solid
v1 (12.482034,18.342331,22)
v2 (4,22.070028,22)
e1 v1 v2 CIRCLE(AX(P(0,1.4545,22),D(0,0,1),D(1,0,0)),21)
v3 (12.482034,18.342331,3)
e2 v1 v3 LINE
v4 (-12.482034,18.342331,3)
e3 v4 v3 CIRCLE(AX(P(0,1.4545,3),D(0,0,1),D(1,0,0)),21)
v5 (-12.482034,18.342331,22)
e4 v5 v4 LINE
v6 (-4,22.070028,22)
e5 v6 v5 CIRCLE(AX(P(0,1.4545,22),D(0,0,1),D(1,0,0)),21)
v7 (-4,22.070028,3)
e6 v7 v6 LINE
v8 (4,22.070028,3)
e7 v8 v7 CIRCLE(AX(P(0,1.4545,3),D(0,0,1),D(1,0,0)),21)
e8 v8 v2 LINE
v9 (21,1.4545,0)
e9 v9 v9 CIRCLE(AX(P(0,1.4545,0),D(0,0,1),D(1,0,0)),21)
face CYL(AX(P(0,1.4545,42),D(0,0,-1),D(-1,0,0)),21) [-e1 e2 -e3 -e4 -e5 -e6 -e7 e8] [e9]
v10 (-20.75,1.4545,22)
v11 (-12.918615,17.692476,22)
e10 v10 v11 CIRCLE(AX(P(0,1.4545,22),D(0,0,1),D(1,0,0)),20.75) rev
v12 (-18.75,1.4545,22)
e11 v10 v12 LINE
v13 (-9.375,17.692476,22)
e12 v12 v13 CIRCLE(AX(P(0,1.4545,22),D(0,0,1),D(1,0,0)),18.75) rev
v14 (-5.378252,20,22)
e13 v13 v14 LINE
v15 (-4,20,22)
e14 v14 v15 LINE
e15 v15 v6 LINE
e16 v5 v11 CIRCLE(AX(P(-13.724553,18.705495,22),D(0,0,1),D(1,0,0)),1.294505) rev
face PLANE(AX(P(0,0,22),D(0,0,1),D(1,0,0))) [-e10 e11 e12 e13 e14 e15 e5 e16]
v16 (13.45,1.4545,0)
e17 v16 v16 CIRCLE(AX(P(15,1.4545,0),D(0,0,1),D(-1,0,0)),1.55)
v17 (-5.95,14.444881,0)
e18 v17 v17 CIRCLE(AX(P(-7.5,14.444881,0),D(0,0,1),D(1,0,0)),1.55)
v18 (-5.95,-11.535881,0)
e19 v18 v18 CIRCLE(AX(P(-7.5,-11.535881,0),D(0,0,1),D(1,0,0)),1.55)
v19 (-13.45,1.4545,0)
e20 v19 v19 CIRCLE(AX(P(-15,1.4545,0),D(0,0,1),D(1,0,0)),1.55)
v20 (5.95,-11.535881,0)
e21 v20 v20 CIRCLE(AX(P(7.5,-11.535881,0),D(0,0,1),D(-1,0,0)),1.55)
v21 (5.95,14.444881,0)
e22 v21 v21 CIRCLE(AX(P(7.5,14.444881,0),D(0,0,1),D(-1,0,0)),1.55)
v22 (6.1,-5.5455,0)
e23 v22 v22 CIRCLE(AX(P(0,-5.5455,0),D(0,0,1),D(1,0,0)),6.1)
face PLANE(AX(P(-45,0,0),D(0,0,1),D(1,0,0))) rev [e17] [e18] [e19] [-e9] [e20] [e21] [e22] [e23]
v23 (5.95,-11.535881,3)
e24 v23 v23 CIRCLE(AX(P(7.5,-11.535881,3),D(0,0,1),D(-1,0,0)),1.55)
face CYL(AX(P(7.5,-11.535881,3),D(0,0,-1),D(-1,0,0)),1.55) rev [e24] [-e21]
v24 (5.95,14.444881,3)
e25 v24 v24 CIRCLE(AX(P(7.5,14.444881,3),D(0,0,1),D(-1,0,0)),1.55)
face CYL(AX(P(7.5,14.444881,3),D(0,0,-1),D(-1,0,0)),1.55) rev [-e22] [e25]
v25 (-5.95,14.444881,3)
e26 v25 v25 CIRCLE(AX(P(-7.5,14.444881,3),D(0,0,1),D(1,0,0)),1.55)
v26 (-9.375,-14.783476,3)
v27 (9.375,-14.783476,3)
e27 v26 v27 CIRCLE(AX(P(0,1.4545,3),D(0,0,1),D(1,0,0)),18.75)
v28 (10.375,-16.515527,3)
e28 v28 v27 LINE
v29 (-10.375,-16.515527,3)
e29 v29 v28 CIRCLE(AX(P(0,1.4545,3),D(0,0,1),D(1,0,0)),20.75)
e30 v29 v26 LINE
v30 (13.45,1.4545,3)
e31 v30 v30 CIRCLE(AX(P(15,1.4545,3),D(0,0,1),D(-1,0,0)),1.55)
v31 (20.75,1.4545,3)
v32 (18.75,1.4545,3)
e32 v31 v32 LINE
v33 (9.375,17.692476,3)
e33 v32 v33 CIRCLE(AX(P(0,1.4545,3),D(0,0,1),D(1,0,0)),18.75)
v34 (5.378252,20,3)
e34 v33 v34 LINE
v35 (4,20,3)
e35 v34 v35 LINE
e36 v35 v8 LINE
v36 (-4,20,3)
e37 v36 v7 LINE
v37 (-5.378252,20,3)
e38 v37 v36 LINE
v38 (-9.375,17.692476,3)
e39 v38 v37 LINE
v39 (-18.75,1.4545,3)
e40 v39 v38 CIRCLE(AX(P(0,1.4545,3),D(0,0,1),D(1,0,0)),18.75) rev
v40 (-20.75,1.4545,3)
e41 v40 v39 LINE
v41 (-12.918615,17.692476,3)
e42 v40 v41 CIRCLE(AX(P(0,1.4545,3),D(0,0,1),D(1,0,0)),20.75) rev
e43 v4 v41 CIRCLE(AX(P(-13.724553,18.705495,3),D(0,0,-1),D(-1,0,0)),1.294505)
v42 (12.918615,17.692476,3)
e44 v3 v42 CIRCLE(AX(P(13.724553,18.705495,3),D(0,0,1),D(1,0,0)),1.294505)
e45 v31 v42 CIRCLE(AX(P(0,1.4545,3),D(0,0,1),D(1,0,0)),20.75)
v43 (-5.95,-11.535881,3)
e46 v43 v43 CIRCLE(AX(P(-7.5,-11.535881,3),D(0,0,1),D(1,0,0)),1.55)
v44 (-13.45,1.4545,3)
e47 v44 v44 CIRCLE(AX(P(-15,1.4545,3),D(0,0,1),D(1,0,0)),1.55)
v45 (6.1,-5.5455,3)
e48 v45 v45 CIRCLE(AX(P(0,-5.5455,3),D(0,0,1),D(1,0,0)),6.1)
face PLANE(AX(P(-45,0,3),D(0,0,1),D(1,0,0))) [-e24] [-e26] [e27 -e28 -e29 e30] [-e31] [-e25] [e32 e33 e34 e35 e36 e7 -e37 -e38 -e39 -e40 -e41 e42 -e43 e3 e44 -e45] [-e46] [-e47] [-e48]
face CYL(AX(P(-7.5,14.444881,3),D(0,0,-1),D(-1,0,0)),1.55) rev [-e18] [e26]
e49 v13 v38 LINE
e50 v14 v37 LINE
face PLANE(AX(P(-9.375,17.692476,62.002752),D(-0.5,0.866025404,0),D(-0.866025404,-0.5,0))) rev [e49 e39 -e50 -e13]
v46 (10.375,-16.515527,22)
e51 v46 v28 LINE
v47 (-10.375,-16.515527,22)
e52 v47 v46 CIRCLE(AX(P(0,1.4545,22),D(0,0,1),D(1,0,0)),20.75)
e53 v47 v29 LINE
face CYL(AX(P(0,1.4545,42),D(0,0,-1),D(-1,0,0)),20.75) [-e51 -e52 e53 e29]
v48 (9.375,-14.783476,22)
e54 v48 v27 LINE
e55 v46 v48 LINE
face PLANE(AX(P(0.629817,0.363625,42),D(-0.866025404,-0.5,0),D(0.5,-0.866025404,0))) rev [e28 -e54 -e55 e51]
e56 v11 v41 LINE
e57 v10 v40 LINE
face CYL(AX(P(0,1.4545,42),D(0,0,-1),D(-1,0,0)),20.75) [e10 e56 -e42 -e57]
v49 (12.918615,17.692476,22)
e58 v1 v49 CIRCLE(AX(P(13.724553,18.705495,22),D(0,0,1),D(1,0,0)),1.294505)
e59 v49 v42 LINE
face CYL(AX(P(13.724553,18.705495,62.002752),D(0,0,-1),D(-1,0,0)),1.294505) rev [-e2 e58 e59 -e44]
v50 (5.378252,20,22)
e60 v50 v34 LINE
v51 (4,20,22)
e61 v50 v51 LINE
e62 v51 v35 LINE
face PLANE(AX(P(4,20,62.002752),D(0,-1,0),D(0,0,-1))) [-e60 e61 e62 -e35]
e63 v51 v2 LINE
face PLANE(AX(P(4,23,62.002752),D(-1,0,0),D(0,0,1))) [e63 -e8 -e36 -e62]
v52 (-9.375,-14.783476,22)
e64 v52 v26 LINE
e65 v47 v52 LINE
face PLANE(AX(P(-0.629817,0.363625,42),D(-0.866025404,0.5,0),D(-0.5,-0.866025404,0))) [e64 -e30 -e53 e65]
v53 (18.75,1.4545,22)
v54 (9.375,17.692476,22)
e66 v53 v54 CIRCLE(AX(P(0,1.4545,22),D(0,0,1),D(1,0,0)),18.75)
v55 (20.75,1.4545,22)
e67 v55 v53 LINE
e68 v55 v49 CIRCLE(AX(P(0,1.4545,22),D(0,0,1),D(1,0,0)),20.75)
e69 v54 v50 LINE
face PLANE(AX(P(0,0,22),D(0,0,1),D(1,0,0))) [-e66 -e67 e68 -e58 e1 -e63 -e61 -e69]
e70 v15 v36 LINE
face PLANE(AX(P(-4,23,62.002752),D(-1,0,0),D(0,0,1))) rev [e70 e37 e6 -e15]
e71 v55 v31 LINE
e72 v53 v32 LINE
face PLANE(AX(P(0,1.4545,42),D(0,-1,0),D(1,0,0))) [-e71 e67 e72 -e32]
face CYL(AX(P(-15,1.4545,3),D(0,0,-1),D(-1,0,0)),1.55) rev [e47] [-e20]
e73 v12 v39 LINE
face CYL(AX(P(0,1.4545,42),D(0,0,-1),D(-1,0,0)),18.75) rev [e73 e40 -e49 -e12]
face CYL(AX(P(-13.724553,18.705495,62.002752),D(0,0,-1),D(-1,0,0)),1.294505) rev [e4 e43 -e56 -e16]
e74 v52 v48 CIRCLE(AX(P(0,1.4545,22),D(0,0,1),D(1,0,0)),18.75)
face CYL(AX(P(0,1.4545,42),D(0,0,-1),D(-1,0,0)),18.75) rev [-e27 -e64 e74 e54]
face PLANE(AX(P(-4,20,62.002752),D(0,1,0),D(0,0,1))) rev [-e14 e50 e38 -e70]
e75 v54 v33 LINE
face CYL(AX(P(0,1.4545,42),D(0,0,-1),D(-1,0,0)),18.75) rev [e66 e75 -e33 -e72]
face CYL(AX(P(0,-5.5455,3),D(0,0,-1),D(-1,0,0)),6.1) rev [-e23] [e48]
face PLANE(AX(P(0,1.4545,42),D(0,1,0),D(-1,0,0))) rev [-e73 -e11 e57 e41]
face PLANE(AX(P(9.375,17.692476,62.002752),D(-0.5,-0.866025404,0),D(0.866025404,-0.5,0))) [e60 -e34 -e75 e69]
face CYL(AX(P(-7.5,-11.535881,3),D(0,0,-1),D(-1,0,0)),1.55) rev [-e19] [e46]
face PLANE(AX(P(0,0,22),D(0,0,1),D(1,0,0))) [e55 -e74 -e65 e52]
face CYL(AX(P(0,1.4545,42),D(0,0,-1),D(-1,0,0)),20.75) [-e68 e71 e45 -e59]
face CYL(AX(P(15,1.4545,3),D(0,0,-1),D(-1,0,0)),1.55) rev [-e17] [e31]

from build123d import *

# Parameters (mm, degrees)
SKETCH1_R           = 2.5
SKETCH1_R_2         = 6.1
SKETCH1_R_3         = 1.55
BOSS_EXTRUDE1_DEPTH = 3
BOSS_EXTRUDE2_DEPTH = 39
BOSS_EXTRUDE3_DEPTH = 39
CUT_EXTRUDE1_DEPTH  = 3
BOSS_EXTRUDE4_DEPTH = 34
BOSS_EXTRUDE5_DEPTH = 3
CUT_EXTRUDE3_DEPTH  = 77.336426429
CUT_EXTRUDE4_START  = -10
SKETCH9_W           = 115.741675956
SKETCH9_H           = 76.731693644
SKETCH9_R           = 21
CUT_EXTRUDE4_DEPTH  = 10
SKETCH10_W          = 52.464416267
SKETCH10_H          = 51.664843315
CUT_EXTRUDE5_DEPTH  = 20


with BuildPart() as part:
    # Sketch1 → Boss-Extrude1 (new body)
    with BuildSketch(Plane.XY):
        with BuildLine():
            Line((-48.416861363, 3.650350453), (-11.959014769, 37.776226585))
            ThreePointArc((-11.959014769, 37.776226585), (0, 42.5), (11.959014769, 37.776226585))
            Line((11.959014769, 37.776226585), (48.416861363, 3.650350453))
            ThreePointArc((48.416861363, 3.650350453), (49.946989961, -0.726147591), (47.22369092, -4.478303104))
            Line((47.22369092, -4.478303104), (17.66776819, -19.154227328))
            ThreePointArc((17.66776819, -19.154227328), (16.856525691, -19.446371641), (16, -19.5455))
            Line((16, -19.5455), (-16, -19.5455))
            ThreePointArc((-16, -19.5455), (-16.856525691, -19.446371641), (-17.66776819, -19.154227328))
            Line((-17.66776819, -19.154227328), (-47.22369092, -4.478303104))
            ThreePointArc((-47.22369092, -4.478303104), (-49.946989961, -0.726147591), (-48.416861363, 3.650350453))
        make_face()
        with Locations((-25, 0)):
            Circle(SKETCH1_R, mode=Mode.SUBTRACT)
        with Locations((0, -5.5455)):
            Circle(SKETCH1_R_2, mode=Mode.SUBTRACT)
        with Locations((-7.5, 14.444881057)):
            Circle(SKETCH1_R_3, mode=Mode.SUBTRACT)
        with Locations((-15, 1.4545)):
            Circle(SKETCH1_R_3, mode=Mode.SUBTRACT)
        with Locations((-7.5, -11.535881057)):
            Circle(SKETCH1_R_3, mode=Mode.SUBTRACT)
        with Locations(Location((7.5, -11.535881057, 0), (0, 0, 180))):
            Circle(SKETCH1_R_3, mode=Mode.SUBTRACT)
        with Locations(Location((7.5, 14.444881057, 0), (0, 0, 180))):
            Circle(SKETCH1_R_3, mode=Mode.SUBTRACT)
        with Locations(Location((15, 1.4545, 0), (0, 0, 180))):
            Circle(SKETCH1_R_3, mode=Mode.SUBTRACT)
        with Locations(Location((25, 0, 0), (0, 0, 180))):
            Circle(SKETCH1_R, mode=Mode.SUBTRACT)
        with Locations((-45, 0)):
            Circle(SKETCH1_R, mode=Mode.SUBTRACT)
        with Locations(Location((45, 0, 0), (0, 0, 180))):
            Circle(SKETCH1_R, mode=Mode.SUBTRACT)
        with Locations((-16, -15.7955)):
            Circle(SKETCH1_R, mode=Mode.SUBTRACT)
        with Locations(Location((16, -15.7955, 0), (0, 0, 180))):
            Circle(SKETCH1_R, mode=Mode.SUBTRACT)
    extrude(amount=BOSS_EXTRUDE1_DEPTH)

    # Sketch2 → Boss-Extrude2 (add)
    with BuildSketch(Plane.XY.offset(3)):
        with BuildLine():
            Line((-20.75, 1.4545), (-18.75, 1.4545))
            ThreePointArc((-18.75, 1.4545), (-16.237976321, 10.8295), (-9.375, 17.692476321))
            Line((-9.375, 17.692476321), (-10.375, 19.424527129))
            ThreePointArc((-10.375, 19.424527129), (-17.970027129, 11.8295), (-20.75, 1.4545))
        make_face()
        with BuildLine():
            Line((-10.375, -16.515527129), (-9.375, -14.783476321))
            ThreePointArc((-9.375, -14.783476321), (0, -17.2955), (9.375, -14.783476321))
            Line((9.375, -14.783476321), (10.375, -16.515527129))
            ThreePointArc((10.375, -16.515527129), (0, -19.2955), (-10.375, -16.515527129))
        make_face()
        with BuildLine():
            ThreePointArc((18.75, 1.4545), (16.237976321, 10.8295), (9.375, 17.692476321))
            Line((9.375, 17.692476321), (10.375, 19.424527129))
            ThreePointArc((10.375, 19.424527129), (17.970027129, 11.8295), (20.75, 1.4545))
            Line((20.75, 1.4545), (18.75, 1.4545))
        make_face()
    extrude(amount=BOSS_EXTRUDE2_DEPTH)

    # Sketch3 → Boss-Extrude3 (add)
    with BuildSketch(Plane.XY.offset(3)):
        with BuildLine():
            Line((-17.5, 29), (-17.5, 23))
            Line((-17.5, 23), (-4, 23))
            Line((-4, 23), (-4, 20))
            Line((-4, 20), (-5.378251748, 20))
            Line((-5.378251748, 20), (-9.375, 17.692476321))
            Line((-9.375, 17.692476321), (-12.918615444, 17.692476321))
            ThreePointArc((-12.918615444, 17.692476321), (-12.502444344, 19.132335325), (-13.724553319, 20))
            Line((-13.724553319, 20), (-20.5, 20))
            Line((-20.5, 20), (-20.5, 29))
            Line((-20.5, 29), (-17.5, 29))
        make_face()
    boss_extrude3 = extrude(amount=BOSS_EXTRUDE3_DEPTH)

    # Mirror1: Boss-Extrude3 across plane
    add(boss_extrude3.mirror(Plane(origin=(0, 0, 0), x_dir=(0, 0, 1), z_dir=(1, 0, 0))))

    # Sketch4 → Cut-Extrude1 (cut)
    with BuildSketch(Plane(origin=(0, 23, 0), x_dir=(1, 0, 0), z_dir=(0, 1, 0))):
        with BuildLine():
            Line((-14.224553319, -17.5), (-14.224553319, -27.5))
            ThreePointArc((-14.224553319, -27.5), (-15.724553319, -29), (-17.224553319, -27.5))
            Line((-17.224553319, -27.5), (-17.224553319, -17.5))
            ThreePointArc((-17.224553319, -17.5), (-15.724553319, -16), (-14.224553319, -17.5))
        make_face()
        with BuildLine():
            Line((14.224553319, -17.5), (14.224553319, -27.5))
            ThreePointArc((14.224553319, -27.5), (15.724553319, -29), (17.224553319, -27.5))
            Line((17.224553319, -27.5), (17.224553319, -17.5))
            ThreePointArc((17.224553319, -17.5), (15.724553319, -16), (14.224553319, -17.5))
        make_face()
    extrude(amount=-CUT_EXTRUDE1_DEPTH, mode=Mode.SUBTRACT)

    # Sketch5 → Boss-Extrude4 (add)
    with BuildSketch(Plane.XY.offset(3)):
        Polygon((-43.784396435, 23.346849864), (-43.784396435, 6.040412882), (-29.176551712, -7.739510205), (-18.086117895, -7.739510205), (-18.086117895, -4.739510205), (-27.984845454, -4.739510205), (-40.784396435, 7.334606915), (-40.784396435, 23.346849864), align=None)
    boss_extrude4 = extrude(amount=BOSS_EXTRUDE4_DEPTH)

    # Mirror2: Boss-Extrude4 across plane
    add(boss_extrude4.mirror(Plane(origin=(0, 0, 0), x_dir=(0, 0, 1), z_dir=(1, 0, 0))))

    # Sketch6 → Boss-Extrude5 (add)
    with BuildSketch(Plane(origin=(0, 0, 3), x_dir=(-1, 0, 0), z_dir=(0, 0, -1))):
        Polygon((40.784396435, 23.346849864), (40.784396435, 10.794616422), (43.784396435, 7.986506839), (43.784396435, 23.346849864), align=None)
        Polygon((-43.784396435, 23.346849864), (-43.784396435, 7.986506839), (-40.784396435, 10.794616422), (-40.784396435, 23.346849864), align=None)
    extrude(amount=BOSS_EXTRUDE5_DEPTH)

    # Sketch8 → Cut-Extrude3 (cut, through all)
    with BuildSketch(Plane.XY.offset(3)):
        with BuildLine():
            Line((50.685566108, 53.585257373), (-51.78645156, 53.585257373))
            Line((-51.78645156, 53.585257373), (-51.78645156, -24.701187201))
            Line((-51.78645156, -24.701187201), (50.685566108, -24.701187201))
            Line((50.685566108, -24.701187201), (50.685566108, -10.970768248))
            Line((50.685566108, -10.970768248), (16.929639954, -10.970768248))
            ThreePointArc((16.929639954, -10.970768248), (0, -19.5455), (-16.929639954, -10.970768248))
            Line((-16.929639954, -10.970768248), (-24.865040571, -10.970768248))
            Line((-24.865040571, -10.970768248), (-24.865040571, -1.968887806))
            Line((-24.865040571, -1.968887806), (-20.719083376, -1.968887806))
            ThreePointArc((-20.719083376, -1.968887806), (-1.717447104, 22.384153018), (21, 1.4545))
            ThreePointArc((21, 1.4545), (20.929653018, -0.262947104), (20.719083376, -1.968887806))
            Line((20.719083376, -1.968887806), (50.685566108, -1.968887806))
            Line((50.685566108, -1.968887806), (50.685566108, 53.585257373))
        make_face()
        with BuildLine():
            ThreePointArc((16.929639954, -10.970768248), (19.354974941, -6.693195689), (20.719083376, -1.968887806))
            Line((20.719083376, -1.968887806), (-20.719083376, -1.968887806))
            ThreePointArc((-20.719083376, -1.968887806), (-19.354974941, -6.693195689), (-16.929639954, -10.970768248))
            Line((-16.929639954, -10.970768248), (16.929639954, -10.970768248))
        make_face()
        with BuildLine():
            ThreePointArc((-16.929639954, -10.970768248), (-19.354974941, -6.693195689), (-20.719083376, -1.968887806))
            Line((-20.719083376, -1.968887806), (-24.865040571, -1.968887806))
            Line((-24.865040571, -1.968887806), (-24.865040571, -10.970768248))
            Line((-24.865040571, -10.970768248), (-16.929639954, -10.970768248))
        make_face()
        with BuildLine():
            Line((50.685566108, -10.970768248), (50.685566108, -1.968887806))
            Line((50.685566108, -1.968887806), (20.719083376, -1.968887806))
            ThreePointArc((20.719083376, -1.968887806), (19.354974941, -6.693195689), (16.929639954, -10.970768248))
            Line((16.929639954, -10.970768248), (50.685566108, -10.970768248))
        make_face()
    extrude(amount=CUT_EXTRUDE3_DEPTH, mode=Mode.SUBTRACT)

    # Sketch9 → Cut-Extrude4 (cut)
    with BuildSketch(Plane.XY.offset(3).offset(CUT_EXTRUDE4_START)):
        with Locations((-2.250274658, 10.895525105)):
            Rectangle(SKETCH9_W, SKETCH9_H)
        with Locations(Location((0, 1.4545, 0), (0, 0, 126.468628992))):
            Circle(SKETCH9_R, mode=Mode.SUBTRACT)
    extrude(amount=CUT_EXTRUDE4_DEPTH, mode=Mode.SUBTRACT)

    # Sketch10 → Cut-Extrude5 (cut)
    with BuildSketch(Plane.XY.offset(42)):
        with Locations((-1.737703473, -0.030968104)):
            Rectangle(SKETCH10_W, SKETCH10_H)
    extrude(amount=-CUT_EXTRUDE5_DEPTH, mode=Mode.SUBTRACT)


solid = part.part
